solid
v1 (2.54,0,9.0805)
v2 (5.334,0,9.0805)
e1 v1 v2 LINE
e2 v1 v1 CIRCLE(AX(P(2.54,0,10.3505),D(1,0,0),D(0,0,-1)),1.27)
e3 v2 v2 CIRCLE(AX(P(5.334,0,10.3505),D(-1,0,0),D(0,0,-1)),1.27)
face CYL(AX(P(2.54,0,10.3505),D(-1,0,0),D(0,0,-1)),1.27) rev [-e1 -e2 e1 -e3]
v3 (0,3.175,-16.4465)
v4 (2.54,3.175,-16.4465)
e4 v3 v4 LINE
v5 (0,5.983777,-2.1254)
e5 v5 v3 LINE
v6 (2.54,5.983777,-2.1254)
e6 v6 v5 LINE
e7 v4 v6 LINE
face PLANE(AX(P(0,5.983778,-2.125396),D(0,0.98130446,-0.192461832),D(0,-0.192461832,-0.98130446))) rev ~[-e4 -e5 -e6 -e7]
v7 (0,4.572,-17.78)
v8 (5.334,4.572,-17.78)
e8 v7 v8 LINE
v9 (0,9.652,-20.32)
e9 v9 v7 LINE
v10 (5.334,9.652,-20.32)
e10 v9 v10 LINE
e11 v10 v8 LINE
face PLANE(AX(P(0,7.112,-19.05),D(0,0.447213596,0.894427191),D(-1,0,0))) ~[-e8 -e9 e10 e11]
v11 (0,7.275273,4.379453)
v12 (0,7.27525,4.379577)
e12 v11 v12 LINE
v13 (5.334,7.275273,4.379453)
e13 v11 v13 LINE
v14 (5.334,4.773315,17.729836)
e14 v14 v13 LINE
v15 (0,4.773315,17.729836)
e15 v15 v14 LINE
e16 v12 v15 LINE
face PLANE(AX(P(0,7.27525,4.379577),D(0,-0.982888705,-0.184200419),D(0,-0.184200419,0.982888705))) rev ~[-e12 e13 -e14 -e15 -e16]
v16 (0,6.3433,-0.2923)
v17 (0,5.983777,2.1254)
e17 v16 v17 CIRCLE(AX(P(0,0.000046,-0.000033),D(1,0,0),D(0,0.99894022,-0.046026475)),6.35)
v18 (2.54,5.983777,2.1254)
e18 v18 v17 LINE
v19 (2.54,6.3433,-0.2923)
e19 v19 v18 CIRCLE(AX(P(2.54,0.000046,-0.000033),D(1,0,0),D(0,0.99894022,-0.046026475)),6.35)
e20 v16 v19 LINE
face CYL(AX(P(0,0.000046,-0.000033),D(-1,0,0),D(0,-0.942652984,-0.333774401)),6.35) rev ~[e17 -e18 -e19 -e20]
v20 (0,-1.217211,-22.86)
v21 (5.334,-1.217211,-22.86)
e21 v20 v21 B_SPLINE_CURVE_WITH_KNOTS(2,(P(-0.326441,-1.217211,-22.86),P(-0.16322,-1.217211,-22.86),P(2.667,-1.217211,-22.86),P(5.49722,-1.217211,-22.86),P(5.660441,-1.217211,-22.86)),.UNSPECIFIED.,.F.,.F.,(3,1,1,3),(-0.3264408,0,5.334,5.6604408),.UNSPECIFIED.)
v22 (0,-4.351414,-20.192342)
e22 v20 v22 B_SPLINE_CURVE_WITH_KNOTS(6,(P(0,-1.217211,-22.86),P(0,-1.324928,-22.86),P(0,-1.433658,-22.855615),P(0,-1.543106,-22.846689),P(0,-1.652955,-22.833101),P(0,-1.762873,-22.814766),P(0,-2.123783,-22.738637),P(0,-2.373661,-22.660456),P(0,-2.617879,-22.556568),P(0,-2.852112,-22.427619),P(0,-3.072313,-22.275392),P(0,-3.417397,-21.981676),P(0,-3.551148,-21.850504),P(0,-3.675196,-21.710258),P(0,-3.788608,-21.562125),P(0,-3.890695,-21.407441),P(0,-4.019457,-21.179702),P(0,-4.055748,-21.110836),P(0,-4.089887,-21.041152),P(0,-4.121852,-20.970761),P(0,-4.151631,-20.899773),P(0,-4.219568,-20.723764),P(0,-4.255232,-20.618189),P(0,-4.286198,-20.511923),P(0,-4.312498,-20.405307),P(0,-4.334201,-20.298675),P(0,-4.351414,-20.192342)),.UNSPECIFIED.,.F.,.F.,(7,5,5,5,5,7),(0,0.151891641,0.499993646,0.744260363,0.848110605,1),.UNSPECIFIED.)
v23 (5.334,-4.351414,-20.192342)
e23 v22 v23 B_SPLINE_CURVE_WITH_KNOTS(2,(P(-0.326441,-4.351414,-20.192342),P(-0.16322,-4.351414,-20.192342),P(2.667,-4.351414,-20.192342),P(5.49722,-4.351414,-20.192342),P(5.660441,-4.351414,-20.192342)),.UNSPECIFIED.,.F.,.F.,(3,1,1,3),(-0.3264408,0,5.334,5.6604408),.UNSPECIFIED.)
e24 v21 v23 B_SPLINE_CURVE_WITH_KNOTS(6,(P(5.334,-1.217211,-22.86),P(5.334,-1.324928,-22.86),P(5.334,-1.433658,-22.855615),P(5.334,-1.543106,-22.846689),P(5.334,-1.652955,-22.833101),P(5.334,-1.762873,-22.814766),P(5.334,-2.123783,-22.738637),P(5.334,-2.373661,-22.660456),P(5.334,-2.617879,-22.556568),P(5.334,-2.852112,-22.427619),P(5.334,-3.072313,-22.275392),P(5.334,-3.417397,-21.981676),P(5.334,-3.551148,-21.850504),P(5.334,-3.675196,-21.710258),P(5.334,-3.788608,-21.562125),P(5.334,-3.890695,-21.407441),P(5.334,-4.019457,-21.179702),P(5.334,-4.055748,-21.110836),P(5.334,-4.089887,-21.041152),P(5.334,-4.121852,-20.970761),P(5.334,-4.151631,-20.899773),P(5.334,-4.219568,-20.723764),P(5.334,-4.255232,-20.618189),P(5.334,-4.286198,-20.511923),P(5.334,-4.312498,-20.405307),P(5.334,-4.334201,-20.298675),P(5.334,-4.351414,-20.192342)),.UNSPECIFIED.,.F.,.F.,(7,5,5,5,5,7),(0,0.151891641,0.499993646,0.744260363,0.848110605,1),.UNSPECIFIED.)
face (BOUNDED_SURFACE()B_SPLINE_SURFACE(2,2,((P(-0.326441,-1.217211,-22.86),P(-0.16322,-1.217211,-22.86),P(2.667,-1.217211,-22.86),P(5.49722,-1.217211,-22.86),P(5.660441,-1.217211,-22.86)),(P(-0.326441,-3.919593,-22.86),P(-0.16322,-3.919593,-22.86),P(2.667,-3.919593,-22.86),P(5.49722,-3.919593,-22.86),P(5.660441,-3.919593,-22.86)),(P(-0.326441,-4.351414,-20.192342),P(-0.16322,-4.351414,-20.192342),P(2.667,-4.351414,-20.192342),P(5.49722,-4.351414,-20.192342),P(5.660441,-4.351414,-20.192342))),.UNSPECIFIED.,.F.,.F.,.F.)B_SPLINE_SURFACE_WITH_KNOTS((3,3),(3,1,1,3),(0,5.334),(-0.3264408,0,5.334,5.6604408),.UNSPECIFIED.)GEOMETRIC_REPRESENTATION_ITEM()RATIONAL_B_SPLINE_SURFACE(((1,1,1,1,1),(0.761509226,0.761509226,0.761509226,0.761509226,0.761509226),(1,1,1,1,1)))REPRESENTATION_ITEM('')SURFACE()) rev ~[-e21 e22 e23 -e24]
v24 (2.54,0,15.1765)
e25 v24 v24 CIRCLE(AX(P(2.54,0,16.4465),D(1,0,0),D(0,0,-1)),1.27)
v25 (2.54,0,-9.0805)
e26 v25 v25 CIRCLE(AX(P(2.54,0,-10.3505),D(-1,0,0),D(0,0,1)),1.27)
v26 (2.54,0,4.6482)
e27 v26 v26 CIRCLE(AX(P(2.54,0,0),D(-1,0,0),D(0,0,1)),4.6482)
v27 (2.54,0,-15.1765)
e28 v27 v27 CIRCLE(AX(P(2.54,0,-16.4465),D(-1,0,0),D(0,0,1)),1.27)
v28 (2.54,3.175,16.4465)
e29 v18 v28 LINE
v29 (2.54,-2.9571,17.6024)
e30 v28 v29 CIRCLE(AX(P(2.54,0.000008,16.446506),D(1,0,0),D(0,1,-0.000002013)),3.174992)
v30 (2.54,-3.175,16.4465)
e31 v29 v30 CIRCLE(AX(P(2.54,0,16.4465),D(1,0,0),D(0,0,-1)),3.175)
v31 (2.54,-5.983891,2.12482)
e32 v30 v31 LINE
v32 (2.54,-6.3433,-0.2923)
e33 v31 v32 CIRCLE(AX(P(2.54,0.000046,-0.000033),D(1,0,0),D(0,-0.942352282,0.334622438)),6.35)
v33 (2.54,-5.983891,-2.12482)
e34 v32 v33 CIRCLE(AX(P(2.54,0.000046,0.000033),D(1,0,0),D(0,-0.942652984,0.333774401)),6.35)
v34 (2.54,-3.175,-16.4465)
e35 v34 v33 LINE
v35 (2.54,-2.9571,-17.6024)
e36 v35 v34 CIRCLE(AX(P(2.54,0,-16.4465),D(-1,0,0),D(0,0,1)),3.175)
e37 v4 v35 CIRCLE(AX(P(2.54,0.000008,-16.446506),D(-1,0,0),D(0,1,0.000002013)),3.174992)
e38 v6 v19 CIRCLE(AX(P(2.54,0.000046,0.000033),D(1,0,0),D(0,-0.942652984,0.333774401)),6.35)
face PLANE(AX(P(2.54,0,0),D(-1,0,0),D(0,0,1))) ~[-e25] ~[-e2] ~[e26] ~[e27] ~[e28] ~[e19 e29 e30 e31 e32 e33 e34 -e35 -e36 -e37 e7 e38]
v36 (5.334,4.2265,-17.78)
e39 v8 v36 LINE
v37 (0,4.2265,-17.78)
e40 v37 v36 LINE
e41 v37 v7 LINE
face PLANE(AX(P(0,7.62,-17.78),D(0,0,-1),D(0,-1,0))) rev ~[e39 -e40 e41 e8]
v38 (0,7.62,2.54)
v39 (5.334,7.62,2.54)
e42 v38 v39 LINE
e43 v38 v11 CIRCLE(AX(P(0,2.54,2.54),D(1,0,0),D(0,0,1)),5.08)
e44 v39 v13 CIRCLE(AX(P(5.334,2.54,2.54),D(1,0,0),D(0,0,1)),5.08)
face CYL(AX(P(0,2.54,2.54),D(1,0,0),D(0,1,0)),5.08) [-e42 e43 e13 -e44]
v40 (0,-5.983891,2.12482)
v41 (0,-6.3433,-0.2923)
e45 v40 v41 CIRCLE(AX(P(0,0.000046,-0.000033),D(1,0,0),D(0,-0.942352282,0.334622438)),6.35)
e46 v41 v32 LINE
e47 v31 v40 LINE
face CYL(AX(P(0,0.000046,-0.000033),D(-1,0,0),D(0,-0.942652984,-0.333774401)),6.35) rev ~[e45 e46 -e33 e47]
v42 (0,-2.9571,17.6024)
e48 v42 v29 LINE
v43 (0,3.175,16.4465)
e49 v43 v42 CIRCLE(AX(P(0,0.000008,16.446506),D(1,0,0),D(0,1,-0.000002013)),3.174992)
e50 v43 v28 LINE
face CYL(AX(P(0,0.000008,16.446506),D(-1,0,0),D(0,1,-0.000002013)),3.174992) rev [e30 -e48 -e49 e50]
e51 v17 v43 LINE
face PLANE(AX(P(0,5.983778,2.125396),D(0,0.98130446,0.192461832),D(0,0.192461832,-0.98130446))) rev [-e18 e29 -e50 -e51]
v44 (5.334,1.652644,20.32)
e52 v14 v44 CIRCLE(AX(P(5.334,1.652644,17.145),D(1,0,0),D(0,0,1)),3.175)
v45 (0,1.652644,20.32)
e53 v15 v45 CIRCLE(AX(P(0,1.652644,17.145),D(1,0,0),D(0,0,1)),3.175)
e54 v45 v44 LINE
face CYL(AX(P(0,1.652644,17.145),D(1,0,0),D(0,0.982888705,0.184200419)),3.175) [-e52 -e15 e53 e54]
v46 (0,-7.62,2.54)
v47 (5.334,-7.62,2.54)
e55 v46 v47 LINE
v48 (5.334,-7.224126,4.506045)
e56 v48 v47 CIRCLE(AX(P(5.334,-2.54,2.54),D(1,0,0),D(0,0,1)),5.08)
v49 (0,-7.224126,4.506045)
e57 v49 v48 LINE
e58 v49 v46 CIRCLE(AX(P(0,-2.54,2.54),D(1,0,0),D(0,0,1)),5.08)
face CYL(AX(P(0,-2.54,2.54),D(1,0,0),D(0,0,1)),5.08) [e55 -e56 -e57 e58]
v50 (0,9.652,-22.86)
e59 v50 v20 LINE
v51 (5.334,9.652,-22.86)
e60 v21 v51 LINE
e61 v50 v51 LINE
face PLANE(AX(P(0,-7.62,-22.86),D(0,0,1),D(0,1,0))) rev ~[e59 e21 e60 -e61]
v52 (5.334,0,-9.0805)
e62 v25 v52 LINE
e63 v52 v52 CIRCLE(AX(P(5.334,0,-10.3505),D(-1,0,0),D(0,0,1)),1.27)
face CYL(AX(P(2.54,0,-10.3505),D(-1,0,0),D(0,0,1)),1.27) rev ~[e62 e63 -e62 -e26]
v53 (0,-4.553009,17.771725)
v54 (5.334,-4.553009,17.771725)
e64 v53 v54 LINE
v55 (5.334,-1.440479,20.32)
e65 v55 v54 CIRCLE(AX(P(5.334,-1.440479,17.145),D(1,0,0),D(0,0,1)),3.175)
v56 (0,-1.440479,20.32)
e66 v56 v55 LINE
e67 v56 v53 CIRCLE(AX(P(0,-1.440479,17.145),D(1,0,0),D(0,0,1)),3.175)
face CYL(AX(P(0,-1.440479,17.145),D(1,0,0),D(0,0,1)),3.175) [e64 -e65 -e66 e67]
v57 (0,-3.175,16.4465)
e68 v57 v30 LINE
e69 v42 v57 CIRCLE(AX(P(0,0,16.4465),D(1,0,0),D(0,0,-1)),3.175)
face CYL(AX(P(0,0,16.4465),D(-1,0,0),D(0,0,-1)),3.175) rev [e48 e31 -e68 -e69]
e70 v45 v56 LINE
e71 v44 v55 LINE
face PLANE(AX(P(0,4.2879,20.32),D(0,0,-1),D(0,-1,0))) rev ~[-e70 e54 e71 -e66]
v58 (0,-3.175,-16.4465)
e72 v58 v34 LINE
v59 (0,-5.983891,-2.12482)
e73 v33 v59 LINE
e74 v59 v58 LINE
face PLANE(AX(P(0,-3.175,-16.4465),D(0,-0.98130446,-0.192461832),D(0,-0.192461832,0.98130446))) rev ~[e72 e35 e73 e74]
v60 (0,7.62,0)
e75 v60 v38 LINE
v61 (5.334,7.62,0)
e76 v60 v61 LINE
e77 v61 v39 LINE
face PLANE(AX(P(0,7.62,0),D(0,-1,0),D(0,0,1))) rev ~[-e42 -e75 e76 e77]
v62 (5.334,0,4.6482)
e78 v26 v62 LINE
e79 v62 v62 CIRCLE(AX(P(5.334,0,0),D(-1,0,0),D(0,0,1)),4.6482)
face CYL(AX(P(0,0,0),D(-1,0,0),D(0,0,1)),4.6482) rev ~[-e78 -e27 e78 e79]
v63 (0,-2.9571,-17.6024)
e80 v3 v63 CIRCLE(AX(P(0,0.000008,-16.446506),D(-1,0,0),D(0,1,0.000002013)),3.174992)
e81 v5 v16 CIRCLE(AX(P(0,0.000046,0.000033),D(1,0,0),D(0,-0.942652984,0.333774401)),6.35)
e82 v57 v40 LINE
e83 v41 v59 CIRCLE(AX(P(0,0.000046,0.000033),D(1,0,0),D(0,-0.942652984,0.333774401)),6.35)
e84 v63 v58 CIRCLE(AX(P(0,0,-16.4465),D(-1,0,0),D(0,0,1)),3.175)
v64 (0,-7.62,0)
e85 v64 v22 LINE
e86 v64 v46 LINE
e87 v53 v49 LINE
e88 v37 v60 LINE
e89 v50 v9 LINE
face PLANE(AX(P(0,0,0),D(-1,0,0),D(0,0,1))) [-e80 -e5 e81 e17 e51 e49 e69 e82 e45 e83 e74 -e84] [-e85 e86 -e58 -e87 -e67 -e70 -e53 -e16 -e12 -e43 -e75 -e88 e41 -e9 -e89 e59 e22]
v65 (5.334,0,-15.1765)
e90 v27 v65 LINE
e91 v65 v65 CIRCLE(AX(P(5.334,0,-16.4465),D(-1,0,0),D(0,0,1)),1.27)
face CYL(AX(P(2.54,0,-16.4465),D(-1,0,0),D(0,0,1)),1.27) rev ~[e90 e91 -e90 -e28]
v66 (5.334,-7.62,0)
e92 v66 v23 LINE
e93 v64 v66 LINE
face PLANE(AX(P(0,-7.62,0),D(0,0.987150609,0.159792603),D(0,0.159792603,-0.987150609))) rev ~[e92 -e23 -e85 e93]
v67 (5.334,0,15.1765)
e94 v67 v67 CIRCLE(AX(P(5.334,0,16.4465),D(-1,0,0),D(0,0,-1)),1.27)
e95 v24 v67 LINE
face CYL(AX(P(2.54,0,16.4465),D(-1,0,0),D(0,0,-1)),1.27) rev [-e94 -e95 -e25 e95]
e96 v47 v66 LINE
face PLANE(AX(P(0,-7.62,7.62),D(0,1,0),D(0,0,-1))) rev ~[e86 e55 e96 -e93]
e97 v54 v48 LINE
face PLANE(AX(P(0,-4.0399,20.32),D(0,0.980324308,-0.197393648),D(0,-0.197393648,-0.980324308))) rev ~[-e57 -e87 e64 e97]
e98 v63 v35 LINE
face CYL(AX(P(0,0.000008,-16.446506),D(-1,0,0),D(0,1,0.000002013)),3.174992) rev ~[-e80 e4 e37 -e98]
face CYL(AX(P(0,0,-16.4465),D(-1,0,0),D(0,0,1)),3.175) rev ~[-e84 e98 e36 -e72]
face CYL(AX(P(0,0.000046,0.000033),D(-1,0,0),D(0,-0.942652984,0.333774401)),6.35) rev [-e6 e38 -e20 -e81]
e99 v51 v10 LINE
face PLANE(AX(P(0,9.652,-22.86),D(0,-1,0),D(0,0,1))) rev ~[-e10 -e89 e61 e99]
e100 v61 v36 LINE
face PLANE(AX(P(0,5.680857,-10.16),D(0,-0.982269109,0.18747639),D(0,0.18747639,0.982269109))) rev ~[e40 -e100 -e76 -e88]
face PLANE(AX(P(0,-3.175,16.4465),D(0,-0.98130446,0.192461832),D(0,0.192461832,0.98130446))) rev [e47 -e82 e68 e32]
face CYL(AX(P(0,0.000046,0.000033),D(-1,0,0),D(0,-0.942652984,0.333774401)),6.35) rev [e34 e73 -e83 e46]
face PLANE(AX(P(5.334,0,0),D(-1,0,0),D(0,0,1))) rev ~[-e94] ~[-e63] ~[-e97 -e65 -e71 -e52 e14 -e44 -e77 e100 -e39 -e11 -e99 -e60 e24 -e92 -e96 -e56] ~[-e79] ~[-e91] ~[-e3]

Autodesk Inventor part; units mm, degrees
ref_plane "YZ Plane" through (0, 0, 0) normal (1, 0, 0) x (0, 1, 0)
ref_plane "XZ Plane" through (0, 0, 0) normal (0, 1, 0) x (-1, 0, 0)
ref_plane "XY Plane" through (0, 0, 0) normal (0, 0, 1) x (1, 0, 0)
sketch "Sketch1" plane through (0, 0, 0) normal (1, 0, 0) x (0, 1, 0)
  circle A0 centre (0, 0) radius 3.0734
  line L0 (7.62, 7.62) -> (-7.62, 7.62)
  line L1 (-7.62, 7.62) -> (-7.62, -22.86)
  line L2 (-7.62, -22.86) -> (7.62, -22.86)
  line L3 (7.62, -22.86) -> (7.62, 7.62)
  line L4 (-7.62, -22.86) -> (9.652, -22.86)
  line L5 (9.652, -22.86) -> (9.652, -17.78)
  line L6 (9.652, -17.78) -> (-7.62, -17.78)
  line L7 (-7.62, -17.78) -> (-7.62, -22.86)
  line L8 (7.62, -17.78) -> (4.2265, -17.78)
  line L9 (4.2265, -17.78) -> (4.2265, -10.16)
  line L10 (4.2265, -10.16) -> (7.62, -10.16)
  line L11 (7.62, -10.16) -> (7.62, -17.78)
  arc A1 (4.2265, -12.1082) -> (4.2265, -17.78) centre (8.1105, -14.9441) ccw
  line L12 (4.2265, -12.1082) -> (5.6507, -10.16)
  line L13 (4.2265, -17.78) -> (7.62, 0)
  point P0 (7.62, -17.78)
  point P1 (7.62, -22.86)
  point P2 (7.62, -10.16)
  point P3 (7.62, -10.16)
  point P4 (4.2265, -12.1082)
  dimension "d0" = 6.1468
  dimension "d1" = 7.62
  dimension "d2" = 7.62
  dimension "d3" = 7.62
  dimension "d4" = 22.86
  dimension "d5" = 5.08
  dimension "d6" = 2.032
  dimension "d38" = 7.62
extrude "Extrusion1" add sketch "Sketch1" along normal blind 5.334 contours L3 L13 L10 L9 A1 L6 L1 L0 | L6 L3 L2 L1 | L13 L9 L12 L10 | A1 L9 | L6 L5 L4 L3 | L12 L9 L10
sketch "Sketch2" plane through (0, 0, 0) normal (-1, 0, 0) x (0, 0, 1)
  circle A0 centre (0, 0) radius 4.6482
  circle A1 centre (0, 0) radius 10.1706
  dimension "d9" = 9.2964
extrude "Extrusion2" cut sketch "Sketch2" against normal blind 5.334 contours A0
fillet "Fillet1" radius 5.08 3 edges at (2.667, -7.62, -22.86) (2.667, 7.62, 7.62) (2.667, -7.62, 7.62)
sketch "Sketch3" plane through (5.334, 0, 0) normal (1, 0, 0) x (0, 0, -1)
  point P0 (0, 0)
sketch "Sketch7" plane through (0, 0, 0) normal (-1, 0, 0) x (0, 0, 1)
  arc A0 (-2.1195, -5.9858) -> (-2.1254, 5.9838) centre (0, 0) ccw
  line L0 (0, 0) -> (-16.4465, 0)
  arc A1 (-16.4465, 3.175) -> (-17.6024, -2.9571) centre (-16.4465, 0) ccw
  line L1 (-0.2923, 6.3433) -> (-16.4465, 3.175)
  circle A2 centre (-16.4465, 0) radius 3.175
  line L2 (-16.4465, -3.175) -> (-0.2923, -6.3433)
  point P0 (-0.2923, -6.3433)
  point P1 (-17.6024, -2.9571)
  dimension "d33" = 12.7
  dimension "d34" = 16.4465
  dimension "d35" = 6.35
  dimension "d54" = 0
extrude "Extrusion6" cut sketch "Sketch7" against normal blind 2.54 contours L2 A2 L1 A0 | A2 A1
sketch "Sketch8" plane through (2.54, 0, 0) normal (-1, 0, 0) x (0, 0, 1)
  arc A0 (-16.4465, 3.175) -> (-16.4465, -3.175) centre (-16.4465, 0) ccw projected
  line L0 (0, 0) -> (-16.4465, 0)
  circle A1 centre (-16.4465, 0) radius 1.27
  point P0 (-17.7165, -3.175)
  dimension "d39" = 2.54
  dimension "d46" = 16.4465
extrude "Extrusion7" cut sketch "Sketch8" against normal blind 5.334
sketch "Sketch9" plane through (0, 0, 0) normal (-1, 0, 0) x (0, 0, 1)
  line L0 (2.54, -7.62) -> (-17.78, -7.62) projected
  line L1 (0, -7.62) -> (-22.6598, -3.952)
  arc A0 (-22.86, -2.54) -> (-17.78, -7.62) centre (-17.78, -2.54) ccw projected
  point P0 (0, 0)
extrude "Extrusion8" cut sketch "Sketch9" against normal blind 5.334
fillet "Fillet2" radius 3.175 1 edges at (2.667, -3.952, -22.6598)
ref_plane "Work Plane1" through (0, -2.54, 0) normal (0, 0, 1) x (1, 0, 0)
mirror "Mirror1" about plane through (0, -2.54, 0) normal (0, 0, 1) of "Extrusion6"
chamfer "Chamfer3" distance 2.54 distance2 5.08 1 edges at (2.667, 9.652, -17.78) measured on face at (1.778, 9.652, -21.1667)
sketch "Sketch10" plane through (2.54, 0, 0) normal (-1, 0, 0) x (0, 0, 1)
  circle A0 centre (-10.3505, 0) radius 1.27
  circle A1 centre (-16.4465, 0) radius 1.27 projected
  point P0 (0, 0)
  dimension "d50" = 2.54
  dimension "d51" = 6.096
extrude "Extrusion9" cut sketch "Sketch10" against normal blind 5.334 contours A0
sketch "Sketch11" plane through (0, 0, 0) normal (-1, 0, 0) x (0, 0, 1)
  arc A0 (6.9654, 5.0345) -> (2.54, 7.62) centre (2.54, 2.54) ccw projected
  line L0 (2.54, 7.62) -> (20.32, 4.2879)
  line L1 (20.32, 4.2879) -> (20.32, -4.0399)
  line L2 (20.32, -4.0399) -> (2.54, -7.62)
  arc A1 (2.54, -7.62) -> (6.9654, -5.0345) centre (2.54, -2.54) ccw projected
  line L3 (0, 13.2262) -> (0, -11.7932) projected
  line L4 (0, 7.62) -> (2.54, 7.62) projected
  line L5 (2.54, -7.3934) -> (2.54, -7.62)
  line L6 (2.54, 5.3798) -> (5.1026, 5.3798)
  line L7 (5.1026, 5.3798) -> (5.1026, -5.0345)
  line L8 (5.1026, -5.0345) -> (2.54, -5.0345)
  line L9 (2.54, 7.62) -> (2.54, 5.3798)
  line L10 (2.54, -5.0345) -> (2.54, -7.3934)
  point P0 (0, 0)
  point P1 (2.54, -7.62)
  point P2 (4.5061, -7.2241)
  dimension "d56" = 0
  dimension "d57" = 20.32
extrude "Extrusion10" add sketch "Sketch11" against normal blind 5.334 contours L0 L1 L2 L5 L10 L8 L7 L6 L9
mirror "Mirror2" about plane through (0, -2.54, 0) normal (0, 0, 1) of "Extrusion6", "Extrusion7", "Extrusion9"
fillet "Fillet3" radius 3.175 2 edges at (2.667, 4.2879, 20.32) (2.667, -4.0399, 20.32)
properties part number "ServoHornAdapter"
